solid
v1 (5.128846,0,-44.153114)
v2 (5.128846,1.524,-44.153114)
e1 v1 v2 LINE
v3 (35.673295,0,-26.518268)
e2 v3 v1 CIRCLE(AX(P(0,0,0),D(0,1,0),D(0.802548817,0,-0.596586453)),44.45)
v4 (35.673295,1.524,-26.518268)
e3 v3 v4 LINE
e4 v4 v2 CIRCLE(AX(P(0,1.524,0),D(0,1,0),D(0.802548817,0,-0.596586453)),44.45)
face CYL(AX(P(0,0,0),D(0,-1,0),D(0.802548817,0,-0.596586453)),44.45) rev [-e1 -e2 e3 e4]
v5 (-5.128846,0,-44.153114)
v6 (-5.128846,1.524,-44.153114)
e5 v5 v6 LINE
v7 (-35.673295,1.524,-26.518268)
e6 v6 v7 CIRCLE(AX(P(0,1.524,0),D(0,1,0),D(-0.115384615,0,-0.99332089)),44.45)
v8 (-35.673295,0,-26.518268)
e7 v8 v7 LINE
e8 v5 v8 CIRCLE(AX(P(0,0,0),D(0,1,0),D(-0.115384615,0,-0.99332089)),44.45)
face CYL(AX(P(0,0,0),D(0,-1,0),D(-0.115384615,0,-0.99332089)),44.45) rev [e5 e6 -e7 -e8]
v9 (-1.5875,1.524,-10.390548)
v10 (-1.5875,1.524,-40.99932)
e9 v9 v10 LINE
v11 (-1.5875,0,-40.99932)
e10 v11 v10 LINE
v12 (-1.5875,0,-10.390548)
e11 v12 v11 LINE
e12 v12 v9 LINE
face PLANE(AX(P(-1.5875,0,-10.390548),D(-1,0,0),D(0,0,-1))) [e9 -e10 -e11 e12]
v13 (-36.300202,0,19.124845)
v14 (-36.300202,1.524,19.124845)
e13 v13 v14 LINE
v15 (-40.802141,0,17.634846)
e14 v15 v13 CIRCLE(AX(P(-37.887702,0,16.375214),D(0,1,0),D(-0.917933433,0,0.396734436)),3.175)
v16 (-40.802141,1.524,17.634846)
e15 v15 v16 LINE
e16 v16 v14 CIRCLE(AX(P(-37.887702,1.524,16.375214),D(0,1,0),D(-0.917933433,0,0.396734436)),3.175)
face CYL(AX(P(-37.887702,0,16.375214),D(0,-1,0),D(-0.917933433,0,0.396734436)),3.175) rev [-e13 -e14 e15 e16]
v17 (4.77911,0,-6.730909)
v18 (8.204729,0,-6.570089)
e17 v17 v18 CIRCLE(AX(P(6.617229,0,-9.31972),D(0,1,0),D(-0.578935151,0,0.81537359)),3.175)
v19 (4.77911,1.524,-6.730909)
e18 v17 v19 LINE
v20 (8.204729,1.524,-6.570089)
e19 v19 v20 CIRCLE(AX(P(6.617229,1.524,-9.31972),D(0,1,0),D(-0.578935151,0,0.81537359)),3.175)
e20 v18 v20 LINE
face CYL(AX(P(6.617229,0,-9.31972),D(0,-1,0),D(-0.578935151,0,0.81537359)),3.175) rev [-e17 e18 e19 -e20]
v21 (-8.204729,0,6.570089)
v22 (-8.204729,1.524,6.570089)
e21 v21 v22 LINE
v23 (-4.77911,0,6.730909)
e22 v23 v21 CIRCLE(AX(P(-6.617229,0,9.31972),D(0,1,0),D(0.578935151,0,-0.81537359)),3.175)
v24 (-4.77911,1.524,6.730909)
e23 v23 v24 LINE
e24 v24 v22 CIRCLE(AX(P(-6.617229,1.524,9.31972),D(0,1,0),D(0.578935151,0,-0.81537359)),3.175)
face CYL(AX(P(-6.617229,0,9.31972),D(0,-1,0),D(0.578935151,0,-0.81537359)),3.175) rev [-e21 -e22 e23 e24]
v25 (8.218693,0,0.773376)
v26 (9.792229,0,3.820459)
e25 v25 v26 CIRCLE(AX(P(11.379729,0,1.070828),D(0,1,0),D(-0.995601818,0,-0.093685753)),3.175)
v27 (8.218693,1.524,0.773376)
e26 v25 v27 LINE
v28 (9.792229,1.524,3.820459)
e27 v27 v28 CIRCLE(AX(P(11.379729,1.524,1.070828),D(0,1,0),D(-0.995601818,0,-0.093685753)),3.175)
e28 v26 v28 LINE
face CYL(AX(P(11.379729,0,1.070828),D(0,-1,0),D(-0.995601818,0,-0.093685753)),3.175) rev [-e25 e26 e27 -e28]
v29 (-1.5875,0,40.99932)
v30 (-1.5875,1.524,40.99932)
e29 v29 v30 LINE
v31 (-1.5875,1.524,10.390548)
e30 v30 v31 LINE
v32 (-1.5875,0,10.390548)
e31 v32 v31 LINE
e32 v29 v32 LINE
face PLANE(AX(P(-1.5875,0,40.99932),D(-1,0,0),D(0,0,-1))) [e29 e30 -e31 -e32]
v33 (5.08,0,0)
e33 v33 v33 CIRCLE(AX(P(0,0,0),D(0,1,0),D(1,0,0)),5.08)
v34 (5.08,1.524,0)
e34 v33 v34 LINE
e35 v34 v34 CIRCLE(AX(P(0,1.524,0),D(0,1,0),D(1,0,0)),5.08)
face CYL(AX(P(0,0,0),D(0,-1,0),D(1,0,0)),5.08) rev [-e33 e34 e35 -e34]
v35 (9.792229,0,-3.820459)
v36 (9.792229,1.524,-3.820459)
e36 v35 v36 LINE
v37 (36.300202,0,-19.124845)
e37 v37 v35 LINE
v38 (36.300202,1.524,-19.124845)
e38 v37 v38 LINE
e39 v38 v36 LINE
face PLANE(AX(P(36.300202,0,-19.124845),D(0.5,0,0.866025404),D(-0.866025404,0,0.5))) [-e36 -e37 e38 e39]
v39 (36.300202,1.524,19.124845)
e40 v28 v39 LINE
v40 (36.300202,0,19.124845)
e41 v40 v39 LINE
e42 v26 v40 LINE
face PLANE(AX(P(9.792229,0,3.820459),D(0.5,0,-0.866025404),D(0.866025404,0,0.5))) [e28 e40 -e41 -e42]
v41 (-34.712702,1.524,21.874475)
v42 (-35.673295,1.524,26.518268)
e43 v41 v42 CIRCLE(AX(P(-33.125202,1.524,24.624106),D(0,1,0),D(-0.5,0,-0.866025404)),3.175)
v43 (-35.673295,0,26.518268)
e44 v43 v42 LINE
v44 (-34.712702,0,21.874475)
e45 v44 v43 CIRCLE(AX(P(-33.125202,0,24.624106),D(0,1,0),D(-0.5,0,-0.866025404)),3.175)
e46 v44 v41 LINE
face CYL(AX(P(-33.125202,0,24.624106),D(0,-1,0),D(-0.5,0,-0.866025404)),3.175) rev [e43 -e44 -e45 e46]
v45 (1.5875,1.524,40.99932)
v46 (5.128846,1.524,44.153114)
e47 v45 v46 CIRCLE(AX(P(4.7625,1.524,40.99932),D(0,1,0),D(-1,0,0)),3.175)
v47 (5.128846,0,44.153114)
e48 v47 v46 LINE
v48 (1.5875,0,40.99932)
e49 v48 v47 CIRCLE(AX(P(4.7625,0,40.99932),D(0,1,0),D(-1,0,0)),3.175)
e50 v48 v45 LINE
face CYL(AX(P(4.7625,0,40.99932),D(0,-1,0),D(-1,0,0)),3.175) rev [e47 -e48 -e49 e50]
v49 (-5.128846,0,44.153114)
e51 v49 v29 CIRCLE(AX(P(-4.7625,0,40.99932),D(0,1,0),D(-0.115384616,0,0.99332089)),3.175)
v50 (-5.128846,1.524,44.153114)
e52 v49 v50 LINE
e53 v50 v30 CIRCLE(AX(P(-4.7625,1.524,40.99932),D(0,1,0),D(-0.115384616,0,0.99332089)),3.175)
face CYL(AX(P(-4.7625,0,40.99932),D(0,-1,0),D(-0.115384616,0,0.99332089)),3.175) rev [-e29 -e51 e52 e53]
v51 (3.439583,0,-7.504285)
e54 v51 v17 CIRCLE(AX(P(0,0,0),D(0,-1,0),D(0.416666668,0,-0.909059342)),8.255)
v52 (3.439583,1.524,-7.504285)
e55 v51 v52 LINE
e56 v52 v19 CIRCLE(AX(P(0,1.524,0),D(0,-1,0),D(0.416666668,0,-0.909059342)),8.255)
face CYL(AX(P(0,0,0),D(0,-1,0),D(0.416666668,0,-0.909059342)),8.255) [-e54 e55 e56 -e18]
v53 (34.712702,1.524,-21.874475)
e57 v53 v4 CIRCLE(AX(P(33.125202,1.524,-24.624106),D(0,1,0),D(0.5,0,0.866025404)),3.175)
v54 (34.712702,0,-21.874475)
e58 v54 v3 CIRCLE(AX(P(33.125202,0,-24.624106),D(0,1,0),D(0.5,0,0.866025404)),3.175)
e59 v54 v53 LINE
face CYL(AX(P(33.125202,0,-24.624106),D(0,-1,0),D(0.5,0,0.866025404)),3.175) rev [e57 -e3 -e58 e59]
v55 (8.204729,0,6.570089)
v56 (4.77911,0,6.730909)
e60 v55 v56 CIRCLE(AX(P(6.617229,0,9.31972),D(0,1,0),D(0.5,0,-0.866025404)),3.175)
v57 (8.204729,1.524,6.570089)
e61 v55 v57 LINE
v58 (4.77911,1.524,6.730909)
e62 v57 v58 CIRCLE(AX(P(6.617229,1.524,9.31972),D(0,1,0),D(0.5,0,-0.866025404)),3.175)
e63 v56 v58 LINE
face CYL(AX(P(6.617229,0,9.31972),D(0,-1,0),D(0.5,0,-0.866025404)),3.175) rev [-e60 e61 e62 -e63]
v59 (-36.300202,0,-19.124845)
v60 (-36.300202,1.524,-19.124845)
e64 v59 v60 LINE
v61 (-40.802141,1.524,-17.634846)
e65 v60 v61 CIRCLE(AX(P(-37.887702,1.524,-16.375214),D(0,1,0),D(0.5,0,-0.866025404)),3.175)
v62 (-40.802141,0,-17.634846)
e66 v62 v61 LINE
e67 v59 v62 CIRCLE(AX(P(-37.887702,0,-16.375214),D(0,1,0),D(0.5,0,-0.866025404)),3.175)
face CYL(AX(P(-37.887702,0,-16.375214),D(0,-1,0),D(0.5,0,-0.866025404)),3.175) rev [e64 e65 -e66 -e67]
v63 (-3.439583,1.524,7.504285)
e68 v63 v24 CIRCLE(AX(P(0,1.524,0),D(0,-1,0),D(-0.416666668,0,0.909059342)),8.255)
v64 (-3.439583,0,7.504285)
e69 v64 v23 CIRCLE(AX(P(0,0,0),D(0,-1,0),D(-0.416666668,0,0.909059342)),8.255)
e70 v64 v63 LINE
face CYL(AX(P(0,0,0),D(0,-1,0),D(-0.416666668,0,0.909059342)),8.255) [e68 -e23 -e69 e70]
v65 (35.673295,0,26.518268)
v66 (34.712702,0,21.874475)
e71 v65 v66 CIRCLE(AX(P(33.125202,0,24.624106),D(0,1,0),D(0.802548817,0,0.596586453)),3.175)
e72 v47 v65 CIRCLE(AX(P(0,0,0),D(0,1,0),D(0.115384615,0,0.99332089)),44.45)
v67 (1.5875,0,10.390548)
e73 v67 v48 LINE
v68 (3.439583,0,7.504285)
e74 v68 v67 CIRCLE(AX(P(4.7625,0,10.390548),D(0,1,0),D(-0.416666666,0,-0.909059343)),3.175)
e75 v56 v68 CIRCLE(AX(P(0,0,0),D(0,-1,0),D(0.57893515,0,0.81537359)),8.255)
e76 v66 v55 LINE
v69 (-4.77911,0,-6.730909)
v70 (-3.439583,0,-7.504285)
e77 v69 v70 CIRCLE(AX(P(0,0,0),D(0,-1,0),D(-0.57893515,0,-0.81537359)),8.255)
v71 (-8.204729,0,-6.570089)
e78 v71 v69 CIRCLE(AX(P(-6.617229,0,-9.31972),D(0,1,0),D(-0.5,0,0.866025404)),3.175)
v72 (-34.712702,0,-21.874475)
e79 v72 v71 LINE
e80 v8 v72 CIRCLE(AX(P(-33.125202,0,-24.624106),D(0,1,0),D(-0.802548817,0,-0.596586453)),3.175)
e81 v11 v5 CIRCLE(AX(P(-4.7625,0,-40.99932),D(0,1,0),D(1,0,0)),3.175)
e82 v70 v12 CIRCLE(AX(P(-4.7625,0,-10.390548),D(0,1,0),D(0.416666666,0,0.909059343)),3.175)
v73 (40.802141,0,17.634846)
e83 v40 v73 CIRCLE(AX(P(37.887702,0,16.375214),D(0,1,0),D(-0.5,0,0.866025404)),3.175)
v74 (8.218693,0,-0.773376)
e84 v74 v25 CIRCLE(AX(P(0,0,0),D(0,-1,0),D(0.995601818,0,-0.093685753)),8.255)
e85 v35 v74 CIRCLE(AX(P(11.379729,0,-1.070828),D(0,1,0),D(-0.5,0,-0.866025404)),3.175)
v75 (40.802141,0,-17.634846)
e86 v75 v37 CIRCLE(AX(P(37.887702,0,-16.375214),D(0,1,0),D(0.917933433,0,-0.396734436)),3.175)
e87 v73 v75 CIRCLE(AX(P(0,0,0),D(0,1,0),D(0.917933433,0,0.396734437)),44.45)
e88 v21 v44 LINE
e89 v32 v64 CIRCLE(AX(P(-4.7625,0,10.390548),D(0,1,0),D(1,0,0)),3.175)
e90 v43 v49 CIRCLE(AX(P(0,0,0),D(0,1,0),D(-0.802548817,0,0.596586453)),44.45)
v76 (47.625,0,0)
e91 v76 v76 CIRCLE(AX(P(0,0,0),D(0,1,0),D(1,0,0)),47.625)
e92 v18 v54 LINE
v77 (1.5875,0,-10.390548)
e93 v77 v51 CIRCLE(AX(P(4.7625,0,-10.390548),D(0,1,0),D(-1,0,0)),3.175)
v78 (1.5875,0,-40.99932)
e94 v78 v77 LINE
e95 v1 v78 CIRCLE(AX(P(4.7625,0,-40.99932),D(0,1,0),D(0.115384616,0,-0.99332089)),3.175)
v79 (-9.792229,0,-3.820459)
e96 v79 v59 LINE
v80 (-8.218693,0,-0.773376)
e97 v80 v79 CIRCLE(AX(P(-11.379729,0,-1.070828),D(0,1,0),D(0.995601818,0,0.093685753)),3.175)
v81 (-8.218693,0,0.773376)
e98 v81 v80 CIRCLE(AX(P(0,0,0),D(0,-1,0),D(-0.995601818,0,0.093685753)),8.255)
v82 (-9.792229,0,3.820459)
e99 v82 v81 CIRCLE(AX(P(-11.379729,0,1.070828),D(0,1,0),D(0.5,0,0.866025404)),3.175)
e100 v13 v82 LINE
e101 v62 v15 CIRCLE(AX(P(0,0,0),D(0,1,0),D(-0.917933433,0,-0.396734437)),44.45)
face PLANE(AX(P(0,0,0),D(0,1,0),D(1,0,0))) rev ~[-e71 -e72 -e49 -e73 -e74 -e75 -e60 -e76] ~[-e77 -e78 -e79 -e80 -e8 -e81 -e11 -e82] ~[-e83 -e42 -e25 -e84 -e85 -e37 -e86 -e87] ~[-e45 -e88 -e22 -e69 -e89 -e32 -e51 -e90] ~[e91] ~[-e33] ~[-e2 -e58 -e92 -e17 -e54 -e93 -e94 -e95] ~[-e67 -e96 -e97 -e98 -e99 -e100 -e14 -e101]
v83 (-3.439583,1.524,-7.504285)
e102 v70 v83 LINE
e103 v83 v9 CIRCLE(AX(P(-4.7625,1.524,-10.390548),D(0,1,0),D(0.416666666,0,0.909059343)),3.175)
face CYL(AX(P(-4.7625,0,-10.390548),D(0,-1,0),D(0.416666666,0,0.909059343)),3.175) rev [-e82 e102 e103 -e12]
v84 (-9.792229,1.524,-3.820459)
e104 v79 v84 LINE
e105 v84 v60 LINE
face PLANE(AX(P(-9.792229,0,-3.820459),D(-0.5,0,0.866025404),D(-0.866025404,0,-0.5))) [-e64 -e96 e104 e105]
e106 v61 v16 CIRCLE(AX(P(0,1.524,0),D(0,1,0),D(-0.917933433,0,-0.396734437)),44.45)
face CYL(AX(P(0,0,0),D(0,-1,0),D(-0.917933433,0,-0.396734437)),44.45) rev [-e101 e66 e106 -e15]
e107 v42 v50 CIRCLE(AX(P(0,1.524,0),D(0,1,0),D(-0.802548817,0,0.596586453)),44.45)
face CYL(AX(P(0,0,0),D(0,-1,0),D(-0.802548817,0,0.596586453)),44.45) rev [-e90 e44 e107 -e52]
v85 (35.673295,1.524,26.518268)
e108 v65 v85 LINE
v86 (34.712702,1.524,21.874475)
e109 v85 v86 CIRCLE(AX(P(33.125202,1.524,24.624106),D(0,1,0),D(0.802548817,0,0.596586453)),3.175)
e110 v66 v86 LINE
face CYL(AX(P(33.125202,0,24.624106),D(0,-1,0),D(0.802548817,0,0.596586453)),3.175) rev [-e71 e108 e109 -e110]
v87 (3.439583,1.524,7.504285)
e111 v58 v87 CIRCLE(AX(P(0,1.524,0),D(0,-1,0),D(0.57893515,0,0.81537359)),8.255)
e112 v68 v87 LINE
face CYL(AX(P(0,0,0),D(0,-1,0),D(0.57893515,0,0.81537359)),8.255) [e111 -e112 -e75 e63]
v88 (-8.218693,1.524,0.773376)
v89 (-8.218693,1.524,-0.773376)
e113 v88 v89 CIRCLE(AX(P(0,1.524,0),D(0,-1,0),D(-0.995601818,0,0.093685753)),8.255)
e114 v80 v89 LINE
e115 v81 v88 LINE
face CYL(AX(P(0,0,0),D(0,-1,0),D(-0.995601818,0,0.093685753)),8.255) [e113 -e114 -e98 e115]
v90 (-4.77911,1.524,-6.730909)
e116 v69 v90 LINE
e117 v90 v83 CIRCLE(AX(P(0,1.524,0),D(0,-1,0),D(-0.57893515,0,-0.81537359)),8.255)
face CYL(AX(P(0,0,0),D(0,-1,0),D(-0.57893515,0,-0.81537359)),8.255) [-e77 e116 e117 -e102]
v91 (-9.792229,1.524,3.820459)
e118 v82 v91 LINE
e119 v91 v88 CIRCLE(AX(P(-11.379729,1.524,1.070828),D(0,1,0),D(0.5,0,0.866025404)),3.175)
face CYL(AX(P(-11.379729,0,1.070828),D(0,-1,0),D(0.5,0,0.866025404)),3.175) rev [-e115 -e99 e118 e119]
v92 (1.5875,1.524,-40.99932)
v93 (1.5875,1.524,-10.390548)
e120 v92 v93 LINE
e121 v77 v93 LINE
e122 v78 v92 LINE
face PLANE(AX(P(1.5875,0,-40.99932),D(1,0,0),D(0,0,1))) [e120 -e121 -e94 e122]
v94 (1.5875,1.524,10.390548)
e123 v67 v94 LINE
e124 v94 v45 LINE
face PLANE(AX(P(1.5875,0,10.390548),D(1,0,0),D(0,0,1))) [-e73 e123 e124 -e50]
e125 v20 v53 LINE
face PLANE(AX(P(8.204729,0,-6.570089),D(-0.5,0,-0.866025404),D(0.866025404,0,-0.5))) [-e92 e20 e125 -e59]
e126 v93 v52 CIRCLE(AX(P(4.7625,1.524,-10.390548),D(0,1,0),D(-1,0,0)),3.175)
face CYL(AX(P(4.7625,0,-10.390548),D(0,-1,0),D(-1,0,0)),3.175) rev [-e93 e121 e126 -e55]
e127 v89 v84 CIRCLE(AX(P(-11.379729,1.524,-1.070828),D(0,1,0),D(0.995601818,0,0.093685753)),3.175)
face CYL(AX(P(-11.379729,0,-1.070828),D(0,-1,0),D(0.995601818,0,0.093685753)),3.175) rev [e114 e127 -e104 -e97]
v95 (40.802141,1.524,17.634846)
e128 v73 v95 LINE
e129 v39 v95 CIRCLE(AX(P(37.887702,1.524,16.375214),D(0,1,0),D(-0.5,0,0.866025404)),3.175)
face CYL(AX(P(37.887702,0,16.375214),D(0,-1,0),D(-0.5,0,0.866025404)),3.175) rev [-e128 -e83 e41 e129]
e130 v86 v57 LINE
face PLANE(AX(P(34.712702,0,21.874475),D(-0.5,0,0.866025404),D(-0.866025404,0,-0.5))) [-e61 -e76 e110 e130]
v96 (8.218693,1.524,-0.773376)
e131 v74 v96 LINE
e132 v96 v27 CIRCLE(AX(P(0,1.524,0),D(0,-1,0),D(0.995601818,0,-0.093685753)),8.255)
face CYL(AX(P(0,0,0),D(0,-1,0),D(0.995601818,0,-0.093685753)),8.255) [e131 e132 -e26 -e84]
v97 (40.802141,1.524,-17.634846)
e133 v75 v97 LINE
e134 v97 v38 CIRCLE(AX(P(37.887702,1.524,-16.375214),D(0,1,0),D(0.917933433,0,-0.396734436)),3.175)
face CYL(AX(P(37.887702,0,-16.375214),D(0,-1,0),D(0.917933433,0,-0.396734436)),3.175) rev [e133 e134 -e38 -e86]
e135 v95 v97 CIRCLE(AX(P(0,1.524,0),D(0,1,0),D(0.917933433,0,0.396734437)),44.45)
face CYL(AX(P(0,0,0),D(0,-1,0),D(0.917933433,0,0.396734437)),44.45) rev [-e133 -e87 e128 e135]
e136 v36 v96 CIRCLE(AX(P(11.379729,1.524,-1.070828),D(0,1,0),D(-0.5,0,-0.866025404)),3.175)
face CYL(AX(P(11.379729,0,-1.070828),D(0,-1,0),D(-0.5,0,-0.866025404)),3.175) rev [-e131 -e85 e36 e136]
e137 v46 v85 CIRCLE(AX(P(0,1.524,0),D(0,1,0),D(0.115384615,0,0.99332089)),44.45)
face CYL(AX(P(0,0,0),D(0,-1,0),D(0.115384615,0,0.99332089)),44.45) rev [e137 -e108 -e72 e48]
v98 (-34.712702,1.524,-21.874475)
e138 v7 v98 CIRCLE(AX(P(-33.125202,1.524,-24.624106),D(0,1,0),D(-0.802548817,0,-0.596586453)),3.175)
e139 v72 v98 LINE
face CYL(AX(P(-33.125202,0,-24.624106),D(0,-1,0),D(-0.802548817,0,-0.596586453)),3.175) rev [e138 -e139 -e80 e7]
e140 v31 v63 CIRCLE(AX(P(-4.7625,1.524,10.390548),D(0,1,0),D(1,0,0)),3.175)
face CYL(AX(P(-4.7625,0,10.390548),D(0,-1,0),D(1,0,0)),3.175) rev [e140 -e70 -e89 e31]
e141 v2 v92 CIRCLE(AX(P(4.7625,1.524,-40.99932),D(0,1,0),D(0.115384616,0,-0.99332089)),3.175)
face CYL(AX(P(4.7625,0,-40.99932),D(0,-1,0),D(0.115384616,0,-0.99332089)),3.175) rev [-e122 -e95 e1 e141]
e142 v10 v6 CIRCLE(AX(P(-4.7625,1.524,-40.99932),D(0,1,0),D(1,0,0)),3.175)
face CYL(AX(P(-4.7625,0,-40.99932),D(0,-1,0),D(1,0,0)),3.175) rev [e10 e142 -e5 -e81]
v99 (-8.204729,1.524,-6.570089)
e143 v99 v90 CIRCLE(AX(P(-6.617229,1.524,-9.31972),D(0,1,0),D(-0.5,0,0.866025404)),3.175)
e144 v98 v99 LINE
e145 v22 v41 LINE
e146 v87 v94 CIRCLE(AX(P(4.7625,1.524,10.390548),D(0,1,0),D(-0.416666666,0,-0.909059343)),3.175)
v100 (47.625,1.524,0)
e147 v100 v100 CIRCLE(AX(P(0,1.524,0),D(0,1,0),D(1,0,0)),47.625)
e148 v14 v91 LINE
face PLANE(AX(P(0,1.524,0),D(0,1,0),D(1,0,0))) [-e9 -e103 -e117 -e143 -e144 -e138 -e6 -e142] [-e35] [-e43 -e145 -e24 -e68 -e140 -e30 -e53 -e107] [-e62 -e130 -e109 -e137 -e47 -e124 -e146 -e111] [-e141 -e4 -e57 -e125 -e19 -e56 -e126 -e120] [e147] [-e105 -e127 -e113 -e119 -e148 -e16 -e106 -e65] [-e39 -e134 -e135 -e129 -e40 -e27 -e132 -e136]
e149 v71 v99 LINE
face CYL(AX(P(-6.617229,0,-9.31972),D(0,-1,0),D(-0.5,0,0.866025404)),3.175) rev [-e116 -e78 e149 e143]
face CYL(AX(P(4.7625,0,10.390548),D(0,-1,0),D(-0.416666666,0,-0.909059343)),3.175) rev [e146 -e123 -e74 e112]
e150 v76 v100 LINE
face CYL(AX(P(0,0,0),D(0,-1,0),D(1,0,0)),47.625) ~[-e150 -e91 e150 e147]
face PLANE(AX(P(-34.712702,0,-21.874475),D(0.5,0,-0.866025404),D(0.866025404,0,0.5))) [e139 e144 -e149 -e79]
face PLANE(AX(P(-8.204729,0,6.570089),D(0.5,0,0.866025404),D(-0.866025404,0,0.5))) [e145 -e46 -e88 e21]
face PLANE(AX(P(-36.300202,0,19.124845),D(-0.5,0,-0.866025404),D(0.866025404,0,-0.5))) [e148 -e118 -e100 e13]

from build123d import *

# Parameters (mm, degrees)
SKETCH1_R           = 47.625
SKETCH1_R_2         = 5.08
BOSS_EXTRUDE1_DEPTH = 1.524


with BuildPart() as part:
    # Sketch1 → Boss-Extrude1 (new body)
    with BuildSketch(Plane(origin=(0, 0, 0), x_dir=(1, 0, 0), z_dir=(0, 1, 0))):
        Circle(SKETCH1_R)
        Circle(SKETCH1_R_2, mode=Mode.SUBTRACT)
        with BuildLine():
            Line((1.5875, 40.999319735), (1.5875, 10.390548289))
            ThreePointArc((1.5875, 10.390548289), (2.090339318, 8.675852313), (3.439583333, 7.504284876))
            ThreePointArc((3.439583333, 7.504284876), (4.1275, 7.149039708), (4.779109673, 6.730908983))
            ThreePointArc((4.779109673, 6.730908983), (6.468338843, 6.148213109), (8.204728778, 6.570089473))
            Line((8.204728778, 6.570089473), (34.712702429, 21.874475196))
            ThreePointArc((34.712702429, 21.874475196), (36.234379788, 23.980956457), (35.673294923, 26.518267842))
            ThreePointArc((35.673294923, 26.518267842), (22.225, 38.494829198), (5.128846154, 44.153113561))
            ThreePointArc((5.128846154, 44.153113561), (2.650927605, 43.370371616), (1.5875, 40.999319735))
        make_face(mode=Mode.SUBTRACT)
        with BuildLine():
            Line((36.300202429, 19.124844539), (9.792228778, 3.820458816))
            ThreePointArc((9.792228778, 3.820458816), (8.558678162, 2.527639204), (8.218693006, 0.773375893))
            ThreePointArc((8.218693006, 0.773375893), (8.255, 0), (8.218693006, -0.773375893))
            ThreePointArc((8.218693006, -0.773375893), (8.558678162, -2.527639204), (9.792228778, -3.820458816))
            Line((9.792228778, -3.820458816), (36.300202429, -19.124844539))
            ThreePointArc((36.300202429, -19.124844539), (38.885307393, -19.389415159), (40.802141077, -17.634845719))
            ThreePointArc((40.802141077, -17.634845719), (44.45, 0), (40.802141077, 17.634845719))
            ThreePointArc((40.802141077, 17.634845719), (38.885307393, 19.389415159), (36.300202429, 19.124844539))
        make_face(mode=Mode.SUBTRACT)
        with BuildLine():
            Line((34.712702429, -21.874475196), (8.204728778, -6.570089473))
            ThreePointArc((8.204728778, -6.570089473), (6.468338843, -6.148213109), (4.779109673, -6.730908983))
            ThreePointArc((4.779109673, -6.730908983), (4.1275, -7.149039708), (3.439583333, -7.504284876))
            ThreePointArc((3.439583333, -7.504284876), (2.090339318, -8.675852313), (1.5875, -10.390548289))
            Line((1.5875, -10.390548289), (1.5875, -40.999319735))
            ThreePointArc((1.5875, -40.999319735), (2.650927605, -43.370371616), (5.128846154, -44.153113561))
            ThreePointArc((5.128846154, -44.153113561), (22.225, -38.494829198), (35.673294923, -26.518267842))
            ThreePointArc((35.673294923, -26.518267842), (36.234379788, -23.980956457), (34.712702429, -21.874475196))
        make_face(mode=Mode.SUBTRACT)
        with BuildLine():
            Line((-1.5875, -40.999319735), (-1.5875, -10.390548289))
            ThreePointArc((-1.5875, -10.390548289), (-2.090339318, -8.675852313), (-3.439583333, -7.504284876))
            ThreePointArc((-3.439583333, -7.504284876), (-4.1275, -7.149039708), (-4.779109673, -6.730908983))
            ThreePointArc((-4.779109673, -6.730908983), (-6.468338843, -6.148213109), (-8.204728778, -6.570089473))
            Line((-8.204728778, -6.570089473), (-34.712702429, -21.874475196))
            ThreePointArc((-34.712702429, -21.874475196), (-36.234379788, -23.980956457), (-35.673294923, -26.518267842))
            ThreePointArc((-35.673294923, -26.518267842), (-22.225, -38.494829198), (-5.128846154, -44.153113561))
            ThreePointArc((-5.128846154, -44.153113561), (-2.650927605, -43.370371616), (-1.5875, -40.999319735))
        make_face(mode=Mode.SUBTRACT)
        with BuildLine():
            Line((-36.300202429, -19.124844539), (-9.792228778, -3.820458816))
            ThreePointArc((-9.792228778, -3.820458816), (-8.558678162, -2.527639204), (-8.218693006, -0.773375893))
            ThreePointArc((-8.218693006, -0.773375893), (-8.255, 0), (-8.218693006, 0.773375893))
            ThreePointArc((-8.218693006, 0.773375893), (-8.558678162, 2.527639204), (-9.792228778, 3.820458816))
            Line((-9.792228778, 3.820458816), (-36.300202429, 19.124844539))
            ThreePointArc((-36.300202429, 19.124844539), (-38.885307393, 19.389415159), (-40.802141077, 17.634845719))
            ThreePointArc((-40.802141077, 17.634845719), (-44.45, 0), (-40.802141077, -17.634845719))
            ThreePointArc((-40.802141077, -17.634845719), (-38.885307393, -19.389415159), (-36.300202429, -19.124844539))
        make_face(mode=Mode.SUBTRACT)
        with BuildLine():
            Line((-34.712702429, 21.874475196), (-8.204728778, 6.570089473))
            ThreePointArc((-8.204728778, 6.570089473), (-6.468338843, 6.148213109), (-4.779109673, 6.730908983))
            ThreePointArc((-4.779109673, 6.730908983), (-4.1275, 7.149039708), (-3.439583333, 7.504284876))
            ThreePointArc((-3.439583333, 7.504284876), (-2.090339318, 8.675852313), (-1.5875, 10.390548289))
            Line((-1.5875, 10.390548289), (-1.5875, 40.999319735))
            ThreePointArc((-1.5875, 40.999319735), (-2.650927605, 43.370371616), (-5.128846154, 44.153113561))
            ThreePointArc((-5.128846154, 44.153113561), (-22.225, 38.494829198), (-35.673294923, 26.518267842))
            ThreePointArc((-35.673294923, 26.518267842), (-36.234379788, 23.980956457), (-34.712702429, 21.874475196))
        make_face(mode=Mode.SUBTRACT)
    extrude(amount=BOSS_EXTRUDE1_DEPTH)


solid = part.part
